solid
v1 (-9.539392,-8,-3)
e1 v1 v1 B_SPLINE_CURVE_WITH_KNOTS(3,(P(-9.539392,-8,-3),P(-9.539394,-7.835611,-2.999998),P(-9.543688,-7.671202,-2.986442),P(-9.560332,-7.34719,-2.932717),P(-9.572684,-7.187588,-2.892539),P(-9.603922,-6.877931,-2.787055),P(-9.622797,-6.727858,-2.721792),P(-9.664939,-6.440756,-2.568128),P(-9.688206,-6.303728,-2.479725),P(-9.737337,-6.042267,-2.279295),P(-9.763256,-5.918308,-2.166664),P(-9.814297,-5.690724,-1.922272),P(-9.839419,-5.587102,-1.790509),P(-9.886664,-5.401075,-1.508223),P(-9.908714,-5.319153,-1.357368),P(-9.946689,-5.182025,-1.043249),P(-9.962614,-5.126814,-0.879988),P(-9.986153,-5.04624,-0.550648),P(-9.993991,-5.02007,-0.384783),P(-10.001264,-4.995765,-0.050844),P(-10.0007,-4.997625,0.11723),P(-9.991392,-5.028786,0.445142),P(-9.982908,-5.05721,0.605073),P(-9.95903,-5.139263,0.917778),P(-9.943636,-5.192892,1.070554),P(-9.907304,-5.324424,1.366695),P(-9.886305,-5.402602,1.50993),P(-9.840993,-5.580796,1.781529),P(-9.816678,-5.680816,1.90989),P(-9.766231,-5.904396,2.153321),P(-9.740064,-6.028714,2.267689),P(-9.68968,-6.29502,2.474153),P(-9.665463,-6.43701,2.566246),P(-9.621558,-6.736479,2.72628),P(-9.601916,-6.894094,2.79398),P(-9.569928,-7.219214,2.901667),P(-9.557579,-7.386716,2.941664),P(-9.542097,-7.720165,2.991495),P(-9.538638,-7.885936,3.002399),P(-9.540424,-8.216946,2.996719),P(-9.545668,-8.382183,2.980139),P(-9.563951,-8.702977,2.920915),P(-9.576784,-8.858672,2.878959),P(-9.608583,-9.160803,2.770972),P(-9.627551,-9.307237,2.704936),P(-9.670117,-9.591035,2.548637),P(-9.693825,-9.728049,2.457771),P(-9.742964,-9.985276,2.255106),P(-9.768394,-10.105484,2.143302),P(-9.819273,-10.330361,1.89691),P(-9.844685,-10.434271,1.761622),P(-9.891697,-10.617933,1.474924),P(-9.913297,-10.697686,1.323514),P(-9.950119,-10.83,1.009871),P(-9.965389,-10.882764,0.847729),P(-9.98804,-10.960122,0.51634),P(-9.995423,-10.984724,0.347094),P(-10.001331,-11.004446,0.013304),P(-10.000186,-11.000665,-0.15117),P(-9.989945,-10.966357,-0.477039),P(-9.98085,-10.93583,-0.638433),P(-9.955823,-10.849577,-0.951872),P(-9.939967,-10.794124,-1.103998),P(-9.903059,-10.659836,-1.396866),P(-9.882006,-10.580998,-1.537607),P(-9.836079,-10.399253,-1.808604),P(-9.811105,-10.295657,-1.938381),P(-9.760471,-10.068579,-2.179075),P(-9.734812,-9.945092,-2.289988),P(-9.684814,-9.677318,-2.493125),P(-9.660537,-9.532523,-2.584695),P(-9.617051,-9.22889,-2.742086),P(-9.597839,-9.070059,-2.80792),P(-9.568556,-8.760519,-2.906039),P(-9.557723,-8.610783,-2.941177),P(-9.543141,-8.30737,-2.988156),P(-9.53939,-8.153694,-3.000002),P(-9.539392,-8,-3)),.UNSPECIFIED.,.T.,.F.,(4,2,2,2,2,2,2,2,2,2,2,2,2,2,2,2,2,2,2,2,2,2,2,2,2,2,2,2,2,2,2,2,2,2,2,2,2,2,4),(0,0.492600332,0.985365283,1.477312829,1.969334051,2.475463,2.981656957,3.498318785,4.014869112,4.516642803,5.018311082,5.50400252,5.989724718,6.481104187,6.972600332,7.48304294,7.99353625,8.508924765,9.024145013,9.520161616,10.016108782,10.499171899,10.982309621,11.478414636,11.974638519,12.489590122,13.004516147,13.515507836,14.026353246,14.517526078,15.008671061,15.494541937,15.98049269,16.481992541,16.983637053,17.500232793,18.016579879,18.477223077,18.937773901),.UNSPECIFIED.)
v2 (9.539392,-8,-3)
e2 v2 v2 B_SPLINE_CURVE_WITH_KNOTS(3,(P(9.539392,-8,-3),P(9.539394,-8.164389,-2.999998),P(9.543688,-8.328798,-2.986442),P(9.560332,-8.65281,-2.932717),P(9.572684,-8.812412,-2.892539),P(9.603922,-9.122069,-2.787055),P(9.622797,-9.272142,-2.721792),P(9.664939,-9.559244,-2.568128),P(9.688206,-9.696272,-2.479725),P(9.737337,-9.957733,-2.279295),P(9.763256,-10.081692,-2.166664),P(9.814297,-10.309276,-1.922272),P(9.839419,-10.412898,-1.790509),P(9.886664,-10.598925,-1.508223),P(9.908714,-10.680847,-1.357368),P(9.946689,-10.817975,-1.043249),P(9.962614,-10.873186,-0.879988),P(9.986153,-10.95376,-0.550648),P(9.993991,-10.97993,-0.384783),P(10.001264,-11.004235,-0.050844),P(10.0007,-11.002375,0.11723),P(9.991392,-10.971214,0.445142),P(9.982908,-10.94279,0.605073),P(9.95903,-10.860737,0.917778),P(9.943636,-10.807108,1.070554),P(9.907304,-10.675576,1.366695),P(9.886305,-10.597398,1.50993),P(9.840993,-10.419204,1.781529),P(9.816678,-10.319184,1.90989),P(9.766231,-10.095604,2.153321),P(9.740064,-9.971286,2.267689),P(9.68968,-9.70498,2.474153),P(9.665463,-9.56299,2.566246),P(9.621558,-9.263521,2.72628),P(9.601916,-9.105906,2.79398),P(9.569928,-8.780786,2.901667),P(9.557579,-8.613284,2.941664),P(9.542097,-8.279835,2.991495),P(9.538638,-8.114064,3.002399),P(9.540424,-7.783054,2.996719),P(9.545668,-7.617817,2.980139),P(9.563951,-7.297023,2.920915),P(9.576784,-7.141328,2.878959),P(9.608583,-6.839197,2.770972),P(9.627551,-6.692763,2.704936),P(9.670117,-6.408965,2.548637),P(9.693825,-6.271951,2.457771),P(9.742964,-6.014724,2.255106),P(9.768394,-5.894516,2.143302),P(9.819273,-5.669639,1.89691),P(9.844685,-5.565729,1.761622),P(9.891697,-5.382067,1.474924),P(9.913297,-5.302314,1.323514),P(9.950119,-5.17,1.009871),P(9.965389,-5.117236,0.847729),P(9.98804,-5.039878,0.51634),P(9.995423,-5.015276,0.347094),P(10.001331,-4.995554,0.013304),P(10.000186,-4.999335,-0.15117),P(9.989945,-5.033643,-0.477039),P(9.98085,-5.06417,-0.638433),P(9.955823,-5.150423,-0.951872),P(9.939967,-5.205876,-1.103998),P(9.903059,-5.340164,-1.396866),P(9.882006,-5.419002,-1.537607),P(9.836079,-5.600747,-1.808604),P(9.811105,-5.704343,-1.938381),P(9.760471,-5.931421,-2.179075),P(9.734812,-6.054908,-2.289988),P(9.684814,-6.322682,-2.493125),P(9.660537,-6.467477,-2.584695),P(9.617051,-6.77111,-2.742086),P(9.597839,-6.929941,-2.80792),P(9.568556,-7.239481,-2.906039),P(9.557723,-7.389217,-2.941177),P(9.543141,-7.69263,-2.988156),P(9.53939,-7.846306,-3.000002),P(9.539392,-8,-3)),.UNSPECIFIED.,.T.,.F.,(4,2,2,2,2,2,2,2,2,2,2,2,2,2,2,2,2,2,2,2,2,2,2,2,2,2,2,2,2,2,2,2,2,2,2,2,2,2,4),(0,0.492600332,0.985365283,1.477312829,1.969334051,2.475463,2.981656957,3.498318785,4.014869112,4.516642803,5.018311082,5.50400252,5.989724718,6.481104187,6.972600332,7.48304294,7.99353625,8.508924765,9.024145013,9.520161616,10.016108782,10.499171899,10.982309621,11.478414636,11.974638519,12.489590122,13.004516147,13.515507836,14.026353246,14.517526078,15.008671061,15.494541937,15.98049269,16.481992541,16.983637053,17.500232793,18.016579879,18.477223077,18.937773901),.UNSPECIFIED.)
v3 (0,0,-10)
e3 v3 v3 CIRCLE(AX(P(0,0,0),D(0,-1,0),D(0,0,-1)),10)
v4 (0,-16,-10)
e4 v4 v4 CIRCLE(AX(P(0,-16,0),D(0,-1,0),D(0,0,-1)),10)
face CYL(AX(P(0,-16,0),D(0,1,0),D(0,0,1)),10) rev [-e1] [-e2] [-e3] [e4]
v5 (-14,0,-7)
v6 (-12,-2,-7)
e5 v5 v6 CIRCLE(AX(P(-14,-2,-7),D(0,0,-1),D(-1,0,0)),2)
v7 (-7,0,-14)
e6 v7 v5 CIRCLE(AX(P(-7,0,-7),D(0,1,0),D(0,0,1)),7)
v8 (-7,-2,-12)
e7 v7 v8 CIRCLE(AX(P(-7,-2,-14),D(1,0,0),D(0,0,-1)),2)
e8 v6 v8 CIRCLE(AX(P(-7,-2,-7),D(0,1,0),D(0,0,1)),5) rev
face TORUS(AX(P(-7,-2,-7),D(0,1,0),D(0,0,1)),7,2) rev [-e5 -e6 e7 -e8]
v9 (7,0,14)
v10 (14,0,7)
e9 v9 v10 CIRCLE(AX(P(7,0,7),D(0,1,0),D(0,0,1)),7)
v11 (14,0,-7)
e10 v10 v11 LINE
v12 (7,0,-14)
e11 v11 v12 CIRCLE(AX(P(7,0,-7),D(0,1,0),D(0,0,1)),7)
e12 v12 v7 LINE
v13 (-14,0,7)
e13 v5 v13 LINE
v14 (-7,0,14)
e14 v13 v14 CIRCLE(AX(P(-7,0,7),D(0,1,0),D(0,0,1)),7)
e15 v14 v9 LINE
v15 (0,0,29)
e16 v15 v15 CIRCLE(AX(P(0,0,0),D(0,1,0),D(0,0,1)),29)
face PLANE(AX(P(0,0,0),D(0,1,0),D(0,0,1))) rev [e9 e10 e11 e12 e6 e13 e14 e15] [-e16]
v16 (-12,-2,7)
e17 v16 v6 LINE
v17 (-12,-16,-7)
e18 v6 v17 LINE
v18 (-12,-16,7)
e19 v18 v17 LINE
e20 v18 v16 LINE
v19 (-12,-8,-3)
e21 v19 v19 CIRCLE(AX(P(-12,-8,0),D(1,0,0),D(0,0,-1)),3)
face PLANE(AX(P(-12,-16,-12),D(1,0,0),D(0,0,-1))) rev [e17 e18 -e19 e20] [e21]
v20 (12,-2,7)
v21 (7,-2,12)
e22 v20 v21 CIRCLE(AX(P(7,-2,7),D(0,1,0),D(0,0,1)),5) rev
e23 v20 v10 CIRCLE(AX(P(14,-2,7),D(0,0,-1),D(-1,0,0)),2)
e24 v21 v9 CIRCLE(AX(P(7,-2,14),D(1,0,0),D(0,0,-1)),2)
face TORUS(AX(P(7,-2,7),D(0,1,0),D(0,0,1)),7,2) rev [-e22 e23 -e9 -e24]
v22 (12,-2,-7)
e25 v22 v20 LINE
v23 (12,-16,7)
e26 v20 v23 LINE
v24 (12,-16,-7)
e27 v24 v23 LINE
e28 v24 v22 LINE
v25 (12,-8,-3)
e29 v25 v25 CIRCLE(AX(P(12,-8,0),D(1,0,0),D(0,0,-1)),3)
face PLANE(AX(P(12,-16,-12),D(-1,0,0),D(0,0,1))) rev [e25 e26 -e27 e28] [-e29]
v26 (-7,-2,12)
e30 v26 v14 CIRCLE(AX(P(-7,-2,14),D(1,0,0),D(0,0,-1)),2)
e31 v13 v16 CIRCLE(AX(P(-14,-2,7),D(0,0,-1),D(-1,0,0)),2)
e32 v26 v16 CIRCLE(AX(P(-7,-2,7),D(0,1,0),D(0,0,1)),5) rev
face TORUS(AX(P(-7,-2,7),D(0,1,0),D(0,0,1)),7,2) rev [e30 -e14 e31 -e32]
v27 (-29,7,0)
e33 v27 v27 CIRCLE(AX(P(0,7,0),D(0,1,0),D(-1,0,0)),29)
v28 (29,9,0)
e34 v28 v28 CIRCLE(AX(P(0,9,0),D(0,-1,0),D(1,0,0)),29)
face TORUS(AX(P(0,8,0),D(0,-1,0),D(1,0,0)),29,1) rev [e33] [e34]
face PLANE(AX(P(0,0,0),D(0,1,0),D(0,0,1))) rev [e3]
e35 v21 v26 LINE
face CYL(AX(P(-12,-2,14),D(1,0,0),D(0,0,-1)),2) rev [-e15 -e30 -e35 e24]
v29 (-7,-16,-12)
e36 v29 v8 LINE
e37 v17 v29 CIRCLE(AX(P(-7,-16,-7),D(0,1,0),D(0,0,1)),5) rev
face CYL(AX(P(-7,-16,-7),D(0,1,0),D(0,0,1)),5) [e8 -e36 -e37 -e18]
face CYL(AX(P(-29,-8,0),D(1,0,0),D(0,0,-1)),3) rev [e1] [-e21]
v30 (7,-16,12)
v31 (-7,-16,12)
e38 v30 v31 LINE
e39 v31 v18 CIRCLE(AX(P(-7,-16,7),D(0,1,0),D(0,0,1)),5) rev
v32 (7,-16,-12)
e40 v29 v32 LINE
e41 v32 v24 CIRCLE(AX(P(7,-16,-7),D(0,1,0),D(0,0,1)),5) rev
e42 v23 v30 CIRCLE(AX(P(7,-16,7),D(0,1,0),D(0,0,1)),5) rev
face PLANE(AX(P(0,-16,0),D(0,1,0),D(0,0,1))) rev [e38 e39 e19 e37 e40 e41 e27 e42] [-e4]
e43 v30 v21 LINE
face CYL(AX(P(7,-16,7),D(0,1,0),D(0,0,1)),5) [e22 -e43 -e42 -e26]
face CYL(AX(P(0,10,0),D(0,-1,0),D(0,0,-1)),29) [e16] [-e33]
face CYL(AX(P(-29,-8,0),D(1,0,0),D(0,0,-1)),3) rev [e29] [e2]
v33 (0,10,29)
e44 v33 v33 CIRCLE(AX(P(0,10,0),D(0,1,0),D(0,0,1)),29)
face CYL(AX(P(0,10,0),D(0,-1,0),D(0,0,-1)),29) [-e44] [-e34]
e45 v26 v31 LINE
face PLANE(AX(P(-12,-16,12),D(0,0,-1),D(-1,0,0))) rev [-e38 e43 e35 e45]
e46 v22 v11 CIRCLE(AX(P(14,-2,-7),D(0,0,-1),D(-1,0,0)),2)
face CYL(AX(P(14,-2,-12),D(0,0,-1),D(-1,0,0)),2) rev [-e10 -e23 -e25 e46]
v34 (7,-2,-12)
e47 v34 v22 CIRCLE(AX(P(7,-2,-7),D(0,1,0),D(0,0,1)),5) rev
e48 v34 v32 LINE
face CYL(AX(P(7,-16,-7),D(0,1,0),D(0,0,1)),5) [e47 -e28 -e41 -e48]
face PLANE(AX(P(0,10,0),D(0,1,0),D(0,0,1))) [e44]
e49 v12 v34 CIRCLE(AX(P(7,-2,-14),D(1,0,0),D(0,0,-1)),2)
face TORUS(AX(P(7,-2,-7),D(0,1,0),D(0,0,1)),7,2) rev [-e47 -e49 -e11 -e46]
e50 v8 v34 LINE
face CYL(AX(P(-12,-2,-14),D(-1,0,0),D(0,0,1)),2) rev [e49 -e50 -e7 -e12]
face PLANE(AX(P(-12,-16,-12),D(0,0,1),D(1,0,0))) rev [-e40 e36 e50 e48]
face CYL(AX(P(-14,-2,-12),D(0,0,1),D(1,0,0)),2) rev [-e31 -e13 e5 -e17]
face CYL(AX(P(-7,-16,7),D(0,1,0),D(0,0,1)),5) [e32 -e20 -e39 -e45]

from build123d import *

# Parameters (mm, degrees)
SKETCH1_R           = 29
BOSS_EXTRUDE1_DEPTH = 10
SKETCH2_W           = 24
SKETCH2_H           = 24
SKETCH2_R           = 10
BOSS_EXTRUDE2_DEPTH = 16
SKETCH3_R           = 3
CUT_EXTRUDE1_DEPTH  = 42
FILLET1_R           = 5
FILLET2_R           = 2
SKETCH4_R           = 1


with BuildPart() as part:
    # Sketch1 → Boss-Extrude1 (new body)
    with BuildSketch(Plane(origin=(0, 0, 0), x_dir=(1, 0, 0), z_dir=(0, 1, 0))):
        Circle(SKETCH1_R)
    extrude(amount=BOSS_EXTRUDE1_DEPTH)

    # Sketch2 → Boss-Extrude2 (add)
    with BuildSketch(Plane.XZ):
        Rectangle(SKETCH2_W, SKETCH2_H)
        Circle(SKETCH2_R, mode=Mode.SUBTRACT)
    extrude(amount=BOSS_EXTRUDE2_DEPTH)

    # Sketch3 → Cut-Extrude1 (cut, through all)
    with BuildSketch(Plane(origin=(12, 0, 0), x_dir=(0, 0, -1), z_dir=(1, 0, 0))):
        with Locations((0, -8)):
            Circle(SKETCH3_R)
    extrude(amount=-CUT_EXTRUDE1_DEPTH, mode=Mode.SUBTRACT)

    # Fillet1
    fillet1_edges = [part.edges().sort_by_distance(p)[0] for p in [
        (12, -8, -12),
        (12, -8, 12),
        (-12, -8, 12),
        (-12, -8, -12),
    ]]
    fillet(fillet1_edges, radius=FILLET1_R)

    # Fillet2
    fillet2_edges = [part.edges().sort_by_distance(p)[0] for p in [
        (0, 0, -12),
        (-12, 0, 0),
        (12, 0, 0),
        (0, 0, 12),
        (-10.535533906, 0, -10.535533906),
        (10.535533906, 0, -10.535533906),
        (10.535533906, 0, 10.535533906),
        (-10.535533906, 0, 10.535533906),
    ]]
    fillet(fillet2_edges, radius=FILLET2_R)

    # Sketch4 → Cut-Revolve1 (revolve, cut)
    with BuildSketch(Plane.XY):
        with Locations((-29, 8)):
            Circle(SKETCH4_R)
    revolve(axis=Axis((0, 0, 0), (0, 1, 0)), mode=Mode.SUBTRACT)


solid = part.part
